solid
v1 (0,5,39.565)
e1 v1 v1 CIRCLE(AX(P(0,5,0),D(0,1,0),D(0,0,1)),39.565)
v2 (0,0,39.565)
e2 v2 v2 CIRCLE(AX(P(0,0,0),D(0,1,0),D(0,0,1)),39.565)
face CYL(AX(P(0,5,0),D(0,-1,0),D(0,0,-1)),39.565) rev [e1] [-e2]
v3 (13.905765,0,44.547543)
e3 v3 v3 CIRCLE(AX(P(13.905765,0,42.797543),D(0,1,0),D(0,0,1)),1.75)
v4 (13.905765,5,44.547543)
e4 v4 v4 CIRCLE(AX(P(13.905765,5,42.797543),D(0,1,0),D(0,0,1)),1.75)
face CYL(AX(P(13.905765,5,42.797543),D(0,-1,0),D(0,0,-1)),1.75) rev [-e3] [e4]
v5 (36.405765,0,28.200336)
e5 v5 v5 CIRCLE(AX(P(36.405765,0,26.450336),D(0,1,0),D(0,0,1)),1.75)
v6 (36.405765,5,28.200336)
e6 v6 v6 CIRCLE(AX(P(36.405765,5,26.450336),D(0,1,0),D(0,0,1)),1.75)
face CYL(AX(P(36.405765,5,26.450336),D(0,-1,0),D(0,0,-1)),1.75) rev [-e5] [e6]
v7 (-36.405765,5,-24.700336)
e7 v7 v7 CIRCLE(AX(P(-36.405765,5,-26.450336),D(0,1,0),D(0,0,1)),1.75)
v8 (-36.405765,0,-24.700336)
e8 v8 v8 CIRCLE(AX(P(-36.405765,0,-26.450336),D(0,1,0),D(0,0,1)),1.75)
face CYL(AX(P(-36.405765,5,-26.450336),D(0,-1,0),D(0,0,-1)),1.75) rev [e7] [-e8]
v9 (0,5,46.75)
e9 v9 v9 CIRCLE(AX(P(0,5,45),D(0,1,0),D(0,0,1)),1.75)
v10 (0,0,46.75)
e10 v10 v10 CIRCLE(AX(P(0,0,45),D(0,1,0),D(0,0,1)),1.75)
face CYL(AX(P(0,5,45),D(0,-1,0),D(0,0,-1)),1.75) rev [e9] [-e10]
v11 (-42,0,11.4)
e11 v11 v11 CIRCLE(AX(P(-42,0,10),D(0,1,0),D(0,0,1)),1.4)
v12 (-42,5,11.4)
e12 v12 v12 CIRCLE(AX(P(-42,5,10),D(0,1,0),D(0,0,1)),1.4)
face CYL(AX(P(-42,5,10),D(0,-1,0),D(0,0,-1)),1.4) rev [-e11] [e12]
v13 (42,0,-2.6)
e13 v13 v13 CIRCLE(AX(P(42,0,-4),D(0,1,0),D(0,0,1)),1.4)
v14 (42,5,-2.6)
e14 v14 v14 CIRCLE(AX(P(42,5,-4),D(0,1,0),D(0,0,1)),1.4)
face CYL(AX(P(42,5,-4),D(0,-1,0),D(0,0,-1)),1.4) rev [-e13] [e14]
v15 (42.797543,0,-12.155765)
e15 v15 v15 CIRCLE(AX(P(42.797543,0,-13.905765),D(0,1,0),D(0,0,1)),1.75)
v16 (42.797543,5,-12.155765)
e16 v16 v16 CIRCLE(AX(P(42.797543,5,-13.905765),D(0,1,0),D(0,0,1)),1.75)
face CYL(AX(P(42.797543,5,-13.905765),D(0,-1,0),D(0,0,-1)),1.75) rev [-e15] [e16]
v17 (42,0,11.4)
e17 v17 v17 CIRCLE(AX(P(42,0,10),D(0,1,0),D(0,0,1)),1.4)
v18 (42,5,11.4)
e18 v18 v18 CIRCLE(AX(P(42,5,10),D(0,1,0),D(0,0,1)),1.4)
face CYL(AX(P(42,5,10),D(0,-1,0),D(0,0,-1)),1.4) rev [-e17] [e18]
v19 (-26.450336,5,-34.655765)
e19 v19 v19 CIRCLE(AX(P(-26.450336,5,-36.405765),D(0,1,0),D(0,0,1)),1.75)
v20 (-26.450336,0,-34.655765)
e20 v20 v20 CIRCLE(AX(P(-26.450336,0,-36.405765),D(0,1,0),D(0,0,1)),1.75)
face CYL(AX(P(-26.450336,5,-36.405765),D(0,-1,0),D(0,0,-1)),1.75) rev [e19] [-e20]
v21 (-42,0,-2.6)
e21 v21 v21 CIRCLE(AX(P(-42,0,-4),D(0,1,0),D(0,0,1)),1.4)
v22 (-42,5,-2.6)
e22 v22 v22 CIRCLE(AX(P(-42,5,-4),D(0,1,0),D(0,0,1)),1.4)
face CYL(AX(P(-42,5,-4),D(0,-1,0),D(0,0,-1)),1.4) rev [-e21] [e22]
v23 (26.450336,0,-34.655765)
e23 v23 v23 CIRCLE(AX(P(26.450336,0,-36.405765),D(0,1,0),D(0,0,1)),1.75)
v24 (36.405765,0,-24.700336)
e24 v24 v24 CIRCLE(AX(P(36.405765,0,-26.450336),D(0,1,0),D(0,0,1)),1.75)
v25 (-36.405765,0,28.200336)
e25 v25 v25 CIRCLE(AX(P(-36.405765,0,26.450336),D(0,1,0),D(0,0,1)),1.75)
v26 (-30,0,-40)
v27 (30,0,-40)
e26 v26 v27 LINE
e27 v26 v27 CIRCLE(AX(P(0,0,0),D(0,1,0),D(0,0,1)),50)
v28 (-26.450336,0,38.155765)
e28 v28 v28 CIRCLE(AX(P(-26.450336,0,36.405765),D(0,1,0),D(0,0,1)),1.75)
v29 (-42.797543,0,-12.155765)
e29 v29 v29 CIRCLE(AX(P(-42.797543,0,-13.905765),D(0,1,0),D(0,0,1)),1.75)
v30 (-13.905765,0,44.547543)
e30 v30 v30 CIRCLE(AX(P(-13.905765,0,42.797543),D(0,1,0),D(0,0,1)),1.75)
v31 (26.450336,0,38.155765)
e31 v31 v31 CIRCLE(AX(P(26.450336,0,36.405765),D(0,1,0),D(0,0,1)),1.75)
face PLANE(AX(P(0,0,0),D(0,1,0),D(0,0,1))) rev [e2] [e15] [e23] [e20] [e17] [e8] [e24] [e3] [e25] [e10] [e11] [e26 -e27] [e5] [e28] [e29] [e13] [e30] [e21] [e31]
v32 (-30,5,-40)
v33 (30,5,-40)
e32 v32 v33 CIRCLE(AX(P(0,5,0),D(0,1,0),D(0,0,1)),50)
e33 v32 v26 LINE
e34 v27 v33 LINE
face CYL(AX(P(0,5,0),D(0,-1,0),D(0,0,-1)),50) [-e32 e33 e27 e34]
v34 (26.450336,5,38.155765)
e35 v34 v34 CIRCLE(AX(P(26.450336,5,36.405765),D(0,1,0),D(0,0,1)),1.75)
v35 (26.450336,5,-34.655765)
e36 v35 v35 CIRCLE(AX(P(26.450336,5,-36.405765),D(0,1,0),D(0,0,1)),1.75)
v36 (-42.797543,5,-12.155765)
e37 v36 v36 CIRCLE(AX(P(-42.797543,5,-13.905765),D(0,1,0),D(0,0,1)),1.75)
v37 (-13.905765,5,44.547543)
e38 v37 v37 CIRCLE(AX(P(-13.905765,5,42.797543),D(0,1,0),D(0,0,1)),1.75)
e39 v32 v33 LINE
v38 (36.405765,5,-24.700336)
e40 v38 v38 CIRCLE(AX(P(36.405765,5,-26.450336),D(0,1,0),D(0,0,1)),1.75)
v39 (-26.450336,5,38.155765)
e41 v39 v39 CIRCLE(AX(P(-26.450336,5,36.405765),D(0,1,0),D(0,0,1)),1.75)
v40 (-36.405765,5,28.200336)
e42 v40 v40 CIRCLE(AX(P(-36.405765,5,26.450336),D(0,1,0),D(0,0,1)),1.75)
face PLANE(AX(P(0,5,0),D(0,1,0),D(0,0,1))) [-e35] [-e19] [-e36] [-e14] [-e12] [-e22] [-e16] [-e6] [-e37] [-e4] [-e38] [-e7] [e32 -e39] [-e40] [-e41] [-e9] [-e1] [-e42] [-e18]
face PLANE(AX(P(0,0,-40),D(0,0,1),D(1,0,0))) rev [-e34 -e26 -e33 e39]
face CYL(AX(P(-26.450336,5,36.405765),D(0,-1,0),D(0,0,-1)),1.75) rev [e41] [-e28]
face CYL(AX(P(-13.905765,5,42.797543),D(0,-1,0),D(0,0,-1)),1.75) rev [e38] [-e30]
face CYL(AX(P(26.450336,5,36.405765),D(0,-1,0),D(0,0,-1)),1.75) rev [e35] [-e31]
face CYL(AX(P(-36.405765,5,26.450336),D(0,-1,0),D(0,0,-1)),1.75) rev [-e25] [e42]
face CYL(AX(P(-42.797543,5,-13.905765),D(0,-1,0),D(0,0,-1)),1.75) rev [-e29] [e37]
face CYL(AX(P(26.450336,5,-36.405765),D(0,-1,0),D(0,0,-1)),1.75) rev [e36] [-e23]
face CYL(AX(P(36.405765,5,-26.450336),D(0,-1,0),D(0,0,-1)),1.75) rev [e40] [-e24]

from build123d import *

# Parameters (mm, degrees)
SKETCH4_R           = 50
SKETCH4_R_2         = 39.565
SKETCH4_R_3         = 1.4
SKETCH4_R_4         = 1.75
BOSS_EXTRUDE3_DEPTH = 5
CUT_EXTRUDE1_START  = -40
SKETCH10_W          = 119.00246232
SKETCH10_H          = 31.760523389
CUT_EXTRUDE1_DEPTH  = 31.887234394


with BuildPart() as part:
    # Sketch4 → Boss-Extrude3 (new body)
    with BuildSketch(Plane(origin=(0, 0, 0), x_dir=(1, 0, 0), z_dir=(0, 1, 0))):
        Circle(SKETCH4_R)
        Circle(SKETCH4_R_2, mode=Mode.SUBTRACT)
        with Locations((42, -10)):
            Circle(SKETCH4_R_3, mode=Mode.SUBTRACT)
        with Locations((42, 4)):
            Circle(SKETCH4_R_3, mode=Mode.SUBTRACT)
        with Locations((-42, -10)):
            Circle(SKETCH4_R_3, mode=Mode.SUBTRACT)
        with Locations((-42, 4)):
            Circle(SKETCH4_R_3, mode=Mode.SUBTRACT)
        with Locations((0, -45)):
            Circle(SKETCH4_R_4, mode=Mode.SUBTRACT)
        with Locations((-13.905764747, -42.797543233)):
            Circle(SKETCH4_R_4, mode=Mode.SUBTRACT)
        with Locations((-26.450336353, -36.405764747)):
            Circle(SKETCH4_R_4, mode=Mode.SUBTRACT)
        with Locations((-36.405764747, -26.450336353)):
            Circle(SKETCH4_R_4, mode=Mode.SUBTRACT)
        with Locations((-42.797543233, 13.905764747)):
            Circle(SKETCH4_R_4, mode=Mode.SUBTRACT)
        with Locations((-36.405764747, 26.450336353)):
            Circle(SKETCH4_R_4, mode=Mode.SUBTRACT)
        with Locations((-26.450336353, 36.405764747)):
            Circle(SKETCH4_R_4, mode=Mode.SUBTRACT)
        with Locations((26.450336353, 36.405764747)):
            Circle(SKETCH4_R_4, mode=Mode.SUBTRACT)
        with Locations((36.405764747, 26.450336353)):
            Circle(SKETCH4_R_4, mode=Mode.SUBTRACT)
        with Locations((42.797543233, 13.905764747)):
            Circle(SKETCH4_R_4, mode=Mode.SUBTRACT)
        with Locations((36.405764747, -26.450336353)):
            Circle(SKETCH4_R_4, mode=Mode.SUBTRACT)
        with Locations((26.450336353, -36.405764747)):
            Circle(SKETCH4_R_4, mode=Mode.SUBTRACT)
        with Locations((13.905764747, -42.797543233)):
            Circle(SKETCH4_R_4, mode=Mode.SUBTRACT)
    extrude(amount=BOSS_EXTRUDE3_DEPTH)

    # Sketch10 → Cut-Extrude1 (cut, through all)
    with BuildSketch(Plane.XY.offset(CUT_EXTRUDE1_START)):
        with Locations((0.119400464, 6.241721298)):
            Rectangle(SKETCH10_W, SKETCH10_H)
    extrude(amount=-CUT_EXTRUDE1_DEPTH, mode=Mode.SUBTRACT)


solid = part.part
